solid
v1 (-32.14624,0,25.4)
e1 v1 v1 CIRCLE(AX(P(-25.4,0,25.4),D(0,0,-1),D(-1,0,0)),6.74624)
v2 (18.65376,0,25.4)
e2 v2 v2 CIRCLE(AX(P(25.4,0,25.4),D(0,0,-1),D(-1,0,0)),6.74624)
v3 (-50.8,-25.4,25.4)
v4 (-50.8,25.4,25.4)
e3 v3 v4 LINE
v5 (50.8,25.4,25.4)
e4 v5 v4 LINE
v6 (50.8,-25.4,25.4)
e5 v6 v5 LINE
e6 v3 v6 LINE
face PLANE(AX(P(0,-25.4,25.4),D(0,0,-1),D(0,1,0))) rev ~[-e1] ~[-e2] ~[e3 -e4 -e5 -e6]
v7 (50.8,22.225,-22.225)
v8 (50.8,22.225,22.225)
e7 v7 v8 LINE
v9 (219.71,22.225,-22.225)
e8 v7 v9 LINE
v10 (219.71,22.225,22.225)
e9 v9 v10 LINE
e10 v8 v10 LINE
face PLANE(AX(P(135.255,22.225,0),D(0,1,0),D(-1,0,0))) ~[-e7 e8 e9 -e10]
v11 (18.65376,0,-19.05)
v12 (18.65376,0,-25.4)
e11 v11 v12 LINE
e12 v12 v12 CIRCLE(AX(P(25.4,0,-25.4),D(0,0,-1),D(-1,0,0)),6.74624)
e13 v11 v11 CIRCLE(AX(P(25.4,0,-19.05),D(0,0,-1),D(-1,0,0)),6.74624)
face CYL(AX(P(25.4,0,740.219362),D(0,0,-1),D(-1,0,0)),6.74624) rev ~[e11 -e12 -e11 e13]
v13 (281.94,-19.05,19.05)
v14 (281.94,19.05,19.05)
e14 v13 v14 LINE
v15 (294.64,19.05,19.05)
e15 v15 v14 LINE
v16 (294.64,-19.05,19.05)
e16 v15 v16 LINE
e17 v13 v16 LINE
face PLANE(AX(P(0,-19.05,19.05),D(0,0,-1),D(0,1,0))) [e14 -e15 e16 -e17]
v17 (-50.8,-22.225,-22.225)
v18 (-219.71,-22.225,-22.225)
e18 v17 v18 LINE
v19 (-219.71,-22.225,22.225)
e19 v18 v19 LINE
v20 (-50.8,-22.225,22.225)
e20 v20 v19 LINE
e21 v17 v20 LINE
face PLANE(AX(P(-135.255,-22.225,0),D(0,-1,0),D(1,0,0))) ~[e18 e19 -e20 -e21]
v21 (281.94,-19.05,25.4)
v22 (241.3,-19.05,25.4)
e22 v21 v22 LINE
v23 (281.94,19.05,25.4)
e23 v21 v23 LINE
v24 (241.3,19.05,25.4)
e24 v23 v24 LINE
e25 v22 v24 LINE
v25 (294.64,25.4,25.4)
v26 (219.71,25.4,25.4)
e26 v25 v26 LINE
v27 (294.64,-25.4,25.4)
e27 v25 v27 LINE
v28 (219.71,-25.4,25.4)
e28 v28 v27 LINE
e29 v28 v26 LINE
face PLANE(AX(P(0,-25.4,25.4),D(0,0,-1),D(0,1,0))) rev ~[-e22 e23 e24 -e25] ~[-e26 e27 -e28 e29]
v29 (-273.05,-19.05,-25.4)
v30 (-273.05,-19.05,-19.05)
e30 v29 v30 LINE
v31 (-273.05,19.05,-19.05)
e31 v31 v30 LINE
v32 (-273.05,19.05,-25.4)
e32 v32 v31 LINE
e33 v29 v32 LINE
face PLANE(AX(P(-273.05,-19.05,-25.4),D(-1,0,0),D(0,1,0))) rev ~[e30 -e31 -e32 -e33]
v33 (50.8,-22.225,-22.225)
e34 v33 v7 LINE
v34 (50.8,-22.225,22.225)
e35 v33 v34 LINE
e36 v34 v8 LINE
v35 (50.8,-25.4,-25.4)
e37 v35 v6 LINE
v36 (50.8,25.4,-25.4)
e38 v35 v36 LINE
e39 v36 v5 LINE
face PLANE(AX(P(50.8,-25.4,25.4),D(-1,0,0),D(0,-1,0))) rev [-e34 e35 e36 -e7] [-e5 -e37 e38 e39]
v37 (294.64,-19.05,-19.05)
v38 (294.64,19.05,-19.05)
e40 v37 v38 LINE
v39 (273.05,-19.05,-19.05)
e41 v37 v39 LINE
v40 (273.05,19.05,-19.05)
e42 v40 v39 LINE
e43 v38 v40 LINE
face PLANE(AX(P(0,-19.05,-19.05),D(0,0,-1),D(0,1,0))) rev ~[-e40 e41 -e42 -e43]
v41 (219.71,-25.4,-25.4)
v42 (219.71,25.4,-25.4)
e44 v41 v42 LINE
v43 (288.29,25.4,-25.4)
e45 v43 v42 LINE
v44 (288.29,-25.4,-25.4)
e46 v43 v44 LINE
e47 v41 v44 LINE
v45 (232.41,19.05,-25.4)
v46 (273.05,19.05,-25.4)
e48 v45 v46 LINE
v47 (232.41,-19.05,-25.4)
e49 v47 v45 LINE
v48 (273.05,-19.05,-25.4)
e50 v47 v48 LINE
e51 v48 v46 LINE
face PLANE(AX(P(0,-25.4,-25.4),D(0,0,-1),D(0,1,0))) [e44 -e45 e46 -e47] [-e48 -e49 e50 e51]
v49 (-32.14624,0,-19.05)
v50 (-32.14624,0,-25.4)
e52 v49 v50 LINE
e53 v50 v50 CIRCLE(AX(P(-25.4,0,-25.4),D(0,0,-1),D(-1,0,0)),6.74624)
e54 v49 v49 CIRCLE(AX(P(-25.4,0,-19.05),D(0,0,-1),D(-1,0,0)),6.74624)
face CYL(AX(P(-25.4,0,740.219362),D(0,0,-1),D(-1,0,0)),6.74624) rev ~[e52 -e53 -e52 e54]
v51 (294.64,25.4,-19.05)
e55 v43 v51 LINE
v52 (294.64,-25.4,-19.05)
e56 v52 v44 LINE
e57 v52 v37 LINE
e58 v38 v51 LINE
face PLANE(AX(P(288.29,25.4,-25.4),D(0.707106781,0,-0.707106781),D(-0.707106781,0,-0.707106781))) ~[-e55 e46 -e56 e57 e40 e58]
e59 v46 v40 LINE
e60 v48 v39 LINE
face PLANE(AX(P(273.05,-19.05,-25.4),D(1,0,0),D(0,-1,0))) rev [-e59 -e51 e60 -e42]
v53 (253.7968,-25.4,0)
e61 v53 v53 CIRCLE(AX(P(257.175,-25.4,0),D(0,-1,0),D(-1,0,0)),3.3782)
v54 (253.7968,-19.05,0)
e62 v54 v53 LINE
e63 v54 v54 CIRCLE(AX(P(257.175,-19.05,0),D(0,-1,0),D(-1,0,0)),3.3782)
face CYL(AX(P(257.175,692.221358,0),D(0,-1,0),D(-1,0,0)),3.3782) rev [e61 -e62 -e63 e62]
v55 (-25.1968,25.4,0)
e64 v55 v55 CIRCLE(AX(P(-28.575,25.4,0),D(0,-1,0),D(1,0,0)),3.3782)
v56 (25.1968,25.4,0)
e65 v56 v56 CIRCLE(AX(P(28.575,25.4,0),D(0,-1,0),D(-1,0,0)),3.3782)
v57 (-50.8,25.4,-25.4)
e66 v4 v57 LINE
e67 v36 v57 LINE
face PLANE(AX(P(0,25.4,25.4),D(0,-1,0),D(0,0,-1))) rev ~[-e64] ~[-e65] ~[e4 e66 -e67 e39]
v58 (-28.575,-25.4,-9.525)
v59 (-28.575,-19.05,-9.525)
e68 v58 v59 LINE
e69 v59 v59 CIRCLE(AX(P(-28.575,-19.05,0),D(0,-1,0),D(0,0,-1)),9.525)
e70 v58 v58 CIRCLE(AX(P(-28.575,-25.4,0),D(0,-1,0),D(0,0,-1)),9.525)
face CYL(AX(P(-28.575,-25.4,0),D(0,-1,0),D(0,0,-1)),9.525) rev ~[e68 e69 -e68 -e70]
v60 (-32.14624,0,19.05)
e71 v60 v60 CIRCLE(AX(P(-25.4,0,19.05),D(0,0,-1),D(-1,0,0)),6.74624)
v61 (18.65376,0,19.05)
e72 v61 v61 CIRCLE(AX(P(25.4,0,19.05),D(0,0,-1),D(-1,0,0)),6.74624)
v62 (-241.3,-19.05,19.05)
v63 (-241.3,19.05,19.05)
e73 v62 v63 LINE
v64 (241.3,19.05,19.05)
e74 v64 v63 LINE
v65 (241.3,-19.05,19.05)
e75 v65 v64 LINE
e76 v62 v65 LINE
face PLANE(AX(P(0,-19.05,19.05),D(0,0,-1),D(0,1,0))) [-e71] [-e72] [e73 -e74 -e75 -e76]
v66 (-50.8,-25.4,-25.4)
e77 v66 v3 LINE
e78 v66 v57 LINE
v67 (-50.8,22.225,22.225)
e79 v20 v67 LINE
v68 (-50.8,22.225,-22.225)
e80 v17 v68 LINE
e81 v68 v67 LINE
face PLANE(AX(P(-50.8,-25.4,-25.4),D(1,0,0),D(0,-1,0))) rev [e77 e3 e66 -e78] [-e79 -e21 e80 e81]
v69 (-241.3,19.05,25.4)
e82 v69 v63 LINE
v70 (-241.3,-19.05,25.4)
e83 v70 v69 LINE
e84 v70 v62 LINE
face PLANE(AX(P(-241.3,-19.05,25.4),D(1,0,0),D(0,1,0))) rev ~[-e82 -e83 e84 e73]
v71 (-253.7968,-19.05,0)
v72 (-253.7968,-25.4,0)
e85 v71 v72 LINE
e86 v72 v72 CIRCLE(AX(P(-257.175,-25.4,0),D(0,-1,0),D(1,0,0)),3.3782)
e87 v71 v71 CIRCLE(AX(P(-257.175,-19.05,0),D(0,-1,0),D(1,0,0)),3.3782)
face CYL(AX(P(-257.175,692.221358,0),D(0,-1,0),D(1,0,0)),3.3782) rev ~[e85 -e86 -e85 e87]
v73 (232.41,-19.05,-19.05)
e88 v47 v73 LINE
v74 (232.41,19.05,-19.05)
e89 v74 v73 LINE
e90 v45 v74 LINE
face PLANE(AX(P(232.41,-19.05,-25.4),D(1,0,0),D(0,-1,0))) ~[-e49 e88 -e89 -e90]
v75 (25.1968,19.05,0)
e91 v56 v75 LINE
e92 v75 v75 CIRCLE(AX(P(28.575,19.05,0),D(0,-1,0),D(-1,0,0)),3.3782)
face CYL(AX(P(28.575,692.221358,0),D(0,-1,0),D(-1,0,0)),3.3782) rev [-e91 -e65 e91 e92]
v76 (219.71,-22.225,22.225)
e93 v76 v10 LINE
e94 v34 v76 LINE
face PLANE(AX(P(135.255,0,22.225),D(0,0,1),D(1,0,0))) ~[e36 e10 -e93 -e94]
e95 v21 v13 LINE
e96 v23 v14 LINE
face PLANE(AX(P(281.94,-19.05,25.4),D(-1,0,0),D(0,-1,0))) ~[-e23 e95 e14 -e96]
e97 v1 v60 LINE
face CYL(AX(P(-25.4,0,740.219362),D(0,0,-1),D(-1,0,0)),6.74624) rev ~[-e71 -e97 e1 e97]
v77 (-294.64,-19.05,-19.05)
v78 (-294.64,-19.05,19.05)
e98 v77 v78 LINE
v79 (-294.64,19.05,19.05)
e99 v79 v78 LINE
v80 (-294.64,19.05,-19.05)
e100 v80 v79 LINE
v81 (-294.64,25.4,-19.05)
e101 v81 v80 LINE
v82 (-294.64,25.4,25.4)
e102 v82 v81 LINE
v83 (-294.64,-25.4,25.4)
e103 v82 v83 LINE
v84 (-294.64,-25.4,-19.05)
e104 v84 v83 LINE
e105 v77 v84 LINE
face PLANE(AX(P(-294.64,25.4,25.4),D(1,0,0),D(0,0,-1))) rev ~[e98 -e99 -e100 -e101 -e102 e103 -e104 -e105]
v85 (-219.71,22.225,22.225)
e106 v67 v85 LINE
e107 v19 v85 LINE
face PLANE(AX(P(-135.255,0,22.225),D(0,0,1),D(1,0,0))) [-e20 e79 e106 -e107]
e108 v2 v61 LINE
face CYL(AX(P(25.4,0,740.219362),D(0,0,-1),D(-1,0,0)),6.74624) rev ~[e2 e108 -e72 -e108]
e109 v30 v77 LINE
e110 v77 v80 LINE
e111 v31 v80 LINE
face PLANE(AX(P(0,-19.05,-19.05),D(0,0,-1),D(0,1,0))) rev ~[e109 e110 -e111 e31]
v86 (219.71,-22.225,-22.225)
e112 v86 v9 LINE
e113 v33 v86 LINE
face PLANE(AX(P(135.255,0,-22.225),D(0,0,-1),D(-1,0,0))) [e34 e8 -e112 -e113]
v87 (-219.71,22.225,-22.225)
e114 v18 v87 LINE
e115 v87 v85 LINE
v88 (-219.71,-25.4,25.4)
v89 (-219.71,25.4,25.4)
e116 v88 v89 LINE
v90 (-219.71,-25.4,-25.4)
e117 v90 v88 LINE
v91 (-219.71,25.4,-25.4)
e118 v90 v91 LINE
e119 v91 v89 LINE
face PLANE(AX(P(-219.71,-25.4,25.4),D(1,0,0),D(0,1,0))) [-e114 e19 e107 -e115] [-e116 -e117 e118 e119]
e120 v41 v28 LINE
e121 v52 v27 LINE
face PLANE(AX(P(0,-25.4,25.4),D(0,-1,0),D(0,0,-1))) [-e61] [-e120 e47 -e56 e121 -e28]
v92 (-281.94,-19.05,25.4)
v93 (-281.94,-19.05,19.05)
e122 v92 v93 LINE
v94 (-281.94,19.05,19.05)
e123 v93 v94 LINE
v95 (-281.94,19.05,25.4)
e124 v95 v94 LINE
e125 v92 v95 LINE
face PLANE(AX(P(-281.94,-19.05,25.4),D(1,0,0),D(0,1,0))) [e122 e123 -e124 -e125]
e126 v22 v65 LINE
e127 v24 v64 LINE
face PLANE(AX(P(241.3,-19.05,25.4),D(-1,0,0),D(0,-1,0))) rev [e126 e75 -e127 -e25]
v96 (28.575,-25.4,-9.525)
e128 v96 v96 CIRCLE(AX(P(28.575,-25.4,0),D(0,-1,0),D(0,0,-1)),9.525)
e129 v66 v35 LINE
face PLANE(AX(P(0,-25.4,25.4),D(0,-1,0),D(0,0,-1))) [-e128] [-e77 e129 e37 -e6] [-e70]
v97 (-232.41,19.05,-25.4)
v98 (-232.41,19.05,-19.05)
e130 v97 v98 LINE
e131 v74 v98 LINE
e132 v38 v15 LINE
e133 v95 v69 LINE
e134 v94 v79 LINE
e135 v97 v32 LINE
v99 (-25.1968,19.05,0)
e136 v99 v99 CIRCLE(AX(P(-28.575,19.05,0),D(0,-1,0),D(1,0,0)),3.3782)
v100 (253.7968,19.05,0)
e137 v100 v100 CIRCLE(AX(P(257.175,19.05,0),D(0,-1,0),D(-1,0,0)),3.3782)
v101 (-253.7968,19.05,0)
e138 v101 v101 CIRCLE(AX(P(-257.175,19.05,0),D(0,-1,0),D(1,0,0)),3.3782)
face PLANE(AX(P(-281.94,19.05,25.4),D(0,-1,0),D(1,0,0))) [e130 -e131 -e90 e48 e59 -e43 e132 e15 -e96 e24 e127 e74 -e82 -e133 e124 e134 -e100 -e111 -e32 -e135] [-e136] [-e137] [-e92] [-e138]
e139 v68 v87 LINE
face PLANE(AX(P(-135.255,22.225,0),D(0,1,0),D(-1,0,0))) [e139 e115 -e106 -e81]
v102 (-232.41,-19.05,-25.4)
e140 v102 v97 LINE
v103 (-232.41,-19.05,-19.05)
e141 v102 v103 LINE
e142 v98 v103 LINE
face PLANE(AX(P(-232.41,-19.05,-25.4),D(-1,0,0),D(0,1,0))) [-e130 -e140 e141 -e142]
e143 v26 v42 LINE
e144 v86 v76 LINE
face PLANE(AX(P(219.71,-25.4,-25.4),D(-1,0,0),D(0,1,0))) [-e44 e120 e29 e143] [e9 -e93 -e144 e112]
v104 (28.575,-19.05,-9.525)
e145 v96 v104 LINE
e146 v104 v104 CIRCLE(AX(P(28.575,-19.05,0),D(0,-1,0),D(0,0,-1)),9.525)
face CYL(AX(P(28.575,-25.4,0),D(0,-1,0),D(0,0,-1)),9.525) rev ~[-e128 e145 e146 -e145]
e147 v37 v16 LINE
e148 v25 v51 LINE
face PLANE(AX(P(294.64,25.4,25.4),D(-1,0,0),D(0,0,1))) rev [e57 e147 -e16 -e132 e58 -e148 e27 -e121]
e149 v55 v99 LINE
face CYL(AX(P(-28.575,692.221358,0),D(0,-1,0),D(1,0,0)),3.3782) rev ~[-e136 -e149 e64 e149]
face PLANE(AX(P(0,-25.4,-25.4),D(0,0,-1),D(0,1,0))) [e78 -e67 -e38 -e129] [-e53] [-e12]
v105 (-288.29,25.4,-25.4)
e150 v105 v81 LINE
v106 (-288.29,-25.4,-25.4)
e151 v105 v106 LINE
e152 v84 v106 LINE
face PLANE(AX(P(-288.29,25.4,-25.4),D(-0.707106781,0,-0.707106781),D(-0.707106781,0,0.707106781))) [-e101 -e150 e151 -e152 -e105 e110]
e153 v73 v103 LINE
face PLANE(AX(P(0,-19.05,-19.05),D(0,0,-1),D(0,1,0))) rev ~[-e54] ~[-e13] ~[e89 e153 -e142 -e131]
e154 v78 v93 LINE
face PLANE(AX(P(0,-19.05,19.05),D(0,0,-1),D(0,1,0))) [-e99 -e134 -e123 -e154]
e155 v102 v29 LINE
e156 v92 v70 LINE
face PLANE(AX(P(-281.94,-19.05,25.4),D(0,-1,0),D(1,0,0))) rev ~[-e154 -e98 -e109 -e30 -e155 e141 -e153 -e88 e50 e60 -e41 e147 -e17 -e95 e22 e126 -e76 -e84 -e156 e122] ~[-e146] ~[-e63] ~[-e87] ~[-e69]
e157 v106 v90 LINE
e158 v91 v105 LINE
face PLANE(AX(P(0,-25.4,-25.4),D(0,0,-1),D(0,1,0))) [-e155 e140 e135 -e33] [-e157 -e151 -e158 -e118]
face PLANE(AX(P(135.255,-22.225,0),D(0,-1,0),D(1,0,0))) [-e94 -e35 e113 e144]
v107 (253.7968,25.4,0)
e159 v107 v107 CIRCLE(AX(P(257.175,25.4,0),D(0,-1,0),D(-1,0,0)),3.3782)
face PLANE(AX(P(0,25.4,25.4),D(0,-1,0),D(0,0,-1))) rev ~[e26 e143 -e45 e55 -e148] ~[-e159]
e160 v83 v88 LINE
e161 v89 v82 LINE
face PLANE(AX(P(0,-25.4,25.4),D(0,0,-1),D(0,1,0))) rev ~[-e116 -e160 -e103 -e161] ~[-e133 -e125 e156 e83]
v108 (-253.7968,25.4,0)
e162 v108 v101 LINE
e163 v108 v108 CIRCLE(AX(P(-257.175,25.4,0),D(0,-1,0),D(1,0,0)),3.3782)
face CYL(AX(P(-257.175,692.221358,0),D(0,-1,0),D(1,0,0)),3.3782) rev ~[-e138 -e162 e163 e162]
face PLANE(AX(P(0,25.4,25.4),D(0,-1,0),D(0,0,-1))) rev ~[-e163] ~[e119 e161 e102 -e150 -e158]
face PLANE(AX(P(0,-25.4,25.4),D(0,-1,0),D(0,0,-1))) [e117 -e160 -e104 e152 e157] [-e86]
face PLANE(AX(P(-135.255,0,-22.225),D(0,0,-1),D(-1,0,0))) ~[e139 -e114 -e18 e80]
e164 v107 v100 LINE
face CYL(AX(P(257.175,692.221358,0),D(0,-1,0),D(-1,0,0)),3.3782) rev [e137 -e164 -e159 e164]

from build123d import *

# Parameters (mm, degrees)
SKETCH1_W               = 50.8
SKETCH1_H               = 50.8
SKETCH1_W_2             = 38.1
SKETCH1_H_2             = 38.1
EXTRUDE1_DEPTH          = 355.6
F_1_2_CLEARANCE_HOLE1_D = 13.49248
EXTRUDE3_REACH          = 362.107
SKETCH6_W               = 40.64
SKETCH6_H               = 38.1
EXTRUDE4_REACH          = 362.107
SKETCH7_W               = 40.64
SKETCH7_H               = 38.1
SKETCH8_W               = 48.26
SKETCH8_H               = 50.8
EXTRUDE5_DEPTH          = 361.10715072
F_1_4_CLEARANCE_HOLE1_D = 6.7564
F_1_4_CLEARANCE_HOLE2_D = 6.7564
EXTRUDE6_DEPTH          = 361.10715072
EXTRUDE8_REACH          = 314.544
SKETCH17_R              = 9.525
SKETCH18_W              = 12.7
SKETCH18_H              = 50.8
EXTRUDE9_DEPTH          = 313.54387788
SKETCH19_W              = 168.91
SKETCH19_H              = 50.8
EXTRUDE10_DEPTH         = 3.175
SKETCH20_W              = 168.91
SKETCH20_H              = 44.45
EXTRUDE11_DEPTH         = 3.175
MIRROR5_COPY_1_SKETCH_W = 168.91
MIRROR5_COPY_1_SKETCH_H = 50.8
MIRROR5_COPY_1_DEPTH    = 3.175
MIRROR5_COPY_2_SKETCH_W = 168.91
MIRROR5_COPY_2_SKETCH_H = 44.45
MIRROR5_COPY_2_DEPTH    = 3.175


with BuildPart() as part:
    # Sketch1 → Extrude1 (new, symmetric)
    with BuildSketch(Plane(origin=(0, 0, 0), x_dir=(0, 0, -1), z_dir=(1, 0, 0))):
        Rectangle(SKETCH1_W, SKETCH1_H)
        Rectangle(SKETCH1_W_2, SKETCH1_H_2, mode=Mode.SUBTRACT)
    extrude(amount=EXTRUDE1_DEPTH, both=True)

    # 1/2 Clearance Hole1 (through all)
    with Locations(Plane.XY.offset(25.4)):
        with Locations((25.4, 0), (-25.4, 0)):
            Hole(F_1_2_CLEARANCE_HOLE1_D / 2)

    # Sketch6 → Extrude3 (cut, up to next)
    with BuildSketch(Plane.XY.offset(25.4), mode=Mode.PRIVATE) as extrude3_sk1:
        with Locations((-261.62, 0)):
            Rectangle(SKETCH6_W, SKETCH6_H)
    extrude3_tool1 = extrude(extrude3_sk1.sketch, amount=-EXTRUDE3_REACH, mode=Mode.PRIVATE) & part.part
    extrude3 = extrude3_tool1.solids().sort_by_distance((-261.62, 0, 25.4))[0]
    add(extrude3, mode=Mode.SUBTRACT)

    # Sketch7 → Extrude4 (cut, up to next)
    with BuildSketch(Plane(origin=(0, 0, -25.4), x_dir=(-1, 0, 0), z_dir=(0, 0, -1)), mode=Mode.PRIVATE) as extrude4_sk1:
        with Locations((252.73, 0)):
            Rectangle(SKETCH7_W, SKETCH7_H)
    extrude4_tool1 = extrude(extrude4_sk1.sketch, amount=-EXTRUDE4_REACH, mode=Mode.PRIVATE) & part.part
    extrude4 = extrude4_tool1.solids().sort_by_distance((-252.73, 0, -25.4))[0]
    add(extrude4, mode=Mode.SUBTRACT)

    # Sketch8 → Extrude5 (cut, through all)
    with BuildSketch(Plane.XY.offset(25.4)):
        with Locations((-331.47, 0)):
            Rectangle(SKETCH8_W, SKETCH8_H)
    extrude5 = extrude(amount=-EXTRUDE5_DEPTH, mode=Mode.SUBTRACT)

    # 1/4 Clearance Hole1 (through all)
    with Locations(Plane(origin=(0, 25.4, 0), x_dir=(-1, 0, 0), z_dir=(0, 1, 0))):
        with Locations((257.175, 0)):
            f_1_4_clearance_hole1 = Hole(F_1_4_CLEARANCE_HOLE1_D / 2)

    # 1/4 Clearance Hole2 (through all)
    with Locations(Plane(origin=(0, 25.4, 0), x_dir=(-1, 0, 0), z_dir=(0, 1, 0))):
        with Locations((28.575, 0)):
            f_1_4_clearance_hole2 = Hole(F_1_4_CLEARANCE_HOLE2_D / 2)

    # Sketch15 → Extrude6 (cut, through all)
    with BuildSketch(Plane(origin=(0, 25.4, 0), x_dir=(1, 0, 0), z_dir=(0, 1, 0))):
        Polygon((-307.34, 25.4), (-288.29, 25.4), (-307.34, 6.35), align=None)
    extrude6 = extrude(amount=-EXTRUDE6_DEPTH, mode=Mode.SUBTRACT)

    # Mirror1: Extrude3, Extrude4, Extrude5, 1/4 Clearance Hole1, 1/4 Clearance Hole2, Extrude6 across plane
    add(extrude3.mirror(Plane(origin=(0, 0, 0), x_dir=(0, 0, 1), z_dir=(1, 0, 0))), mode=Mode.SUBTRACT)
    add(extrude4.mirror(Plane(origin=(0, 0, 0), x_dir=(0, 0, 1), z_dir=(1, 0, 0))), mode=Mode.SUBTRACT)
    add(extrude5.mirror(Plane(origin=(0, 0, 0), x_dir=(0, 0, 1), z_dir=(1, 0, 0))), mode=Mode.SUBTRACT)
    add(f_1_4_clearance_hole1.mirror(Plane(origin=(0, 0, 0), x_dir=(0, 0, 1), z_dir=(1, 0, 0))), mode=Mode.SUBTRACT)
    add(f_1_4_clearance_hole2.mirror(Plane(origin=(0, 0, 0), x_dir=(0, 0, 1), z_dir=(1, 0, 0))), mode=Mode.SUBTRACT)
    add(extrude6.mirror(Plane(origin=(0, 0, 0), x_dir=(0, 0, 1), z_dir=(1, 0, 0))), mode=Mode.SUBTRACT)

    # Sketch17 → Extrude8 (cut, up to next)
    with BuildSketch(Plane.XZ.offset(25.4), mode=Mode.PRIVATE) as extrude8_sk1:
        with Locations(Location((-28.575, 0, 0), (0, 0, 270))):
            Circle(SKETCH17_R)
    extrude8_tool1 = extrude(extrude8_sk1.sketch, amount=-EXTRUDE8_REACH, mode=Mode.PRIVATE) & part.part
    # Sketch17 → Extrude8 (cut, up to next)
    with BuildSketch(Plane.XZ.offset(25.4), mode=Mode.PRIVATE) as extrude8_sk2:
        with Locations(Location((28.575, 0, 0), (0, 0, 270))):
            Circle(SKETCH17_R)
    extrude8_tool2 = extrude(extrude8_sk2.sketch, amount=-EXTRUDE8_REACH, mode=Mode.PRIVATE) & part.part
    add(extrude8_tool1.solids().sort_by_distance((-28.575, -25.4, 0))[0], mode=Mode.SUBTRACT)
    add(extrude8_tool2.solids().sort_by_distance((28.575, -25.4, 0))[0], mode=Mode.SUBTRACT)

    # Sketch18 → Extrude9 (cut, through all)
    with BuildSketch(Plane(origin=(0, 25.4, 0), x_dir=(1, 0, 0), z_dir=(0, 1, 0))):
        with Locations((-300.99, 0)):
            Rectangle(SKETCH18_W, SKETCH18_H)
    extrude9 = extrude(amount=-EXTRUDE9_DEPTH, mode=Mode.SUBTRACT)

    # Mirror2: Extrude9 across plane
    add(extrude9.mirror(Plane(origin=(0, 0, 0), x_dir=(0, 0, 1), z_dir=(1, 0, 0))), mode=Mode.SUBTRACT)

    # Sketch19 → Extrude10 (cut)
    with BuildSketch(Plane(origin=(0, 0, -25.4), x_dir=(-1, 0, 0), z_dir=(0, 0, -1))):
        with Locations((-135.255, 0)):
            Rectangle(SKETCH19_W, SKETCH19_H)
    extrude10 = extrude(amount=-EXTRUDE10_DEPTH, mode=Mode.SUBTRACT)

    # Mirror3: Extrude10 across plane
    add(extrude10.mirror(Plane.XY), mode=Mode.SUBTRACT)

    # Sketch20 → Extrude11 (cut)
    with BuildSketch(Plane.XZ.offset(25.4)):
        with Locations((135.255, 0)):
            Rectangle(SKETCH20_W, SKETCH20_H)
    extrude11 = extrude(amount=-EXTRUDE11_DEPTH, mode=Mode.SUBTRACT)

    # Mirror4: Extrude11 across plane
    add(extrude11.mirror(Plane.ZX), mode=Mode.SUBTRACT)

    # Mirror5: Extrude10, Extrude11 across plane
    add(extrude10.mirror(Plane(origin=(0, 0, 0), x_dir=(0, 0, 1), z_dir=(1, 0, 0))), mode=Mode.SUBTRACT)
    add(extrude11.mirror(Plane(origin=(0, 0, 0), x_dir=(0, 0, 1), z_dir=(1, 0, 0))), mode=Mode.SUBTRACT)

    # Mirror5 copy 1 sketch → Mirror5 copy 1 (cut)
    with BuildSketch(Plane.XY.offset(25.4)):
        with Locations((-135.255, 0)):
            Rectangle(MIRROR5_COPY_1_SKETCH_W, MIRROR5_COPY_1_SKETCH_H)
    extrude(amount=-MIRROR5_COPY_1_DEPTH, mode=Mode.SUBTRACT)

    # Mirror5 copy 2 sketch → Mirror5 copy 2 (cut)
    with BuildSketch(Plane(origin=(0, 25.4, 0), x_dir=(-1, 0, 0), z_dir=(0, 1, 0))):
        with Locations((135.255, 0)):
            Rectangle(MIRROR5_COPY_2_SKETCH_W, MIRROR5_COPY_2_SKETCH_H)
    extrude(amount=-MIRROR5_COPY_2_DEPTH, mode=Mode.SUBTRACT)


solid = part.part
